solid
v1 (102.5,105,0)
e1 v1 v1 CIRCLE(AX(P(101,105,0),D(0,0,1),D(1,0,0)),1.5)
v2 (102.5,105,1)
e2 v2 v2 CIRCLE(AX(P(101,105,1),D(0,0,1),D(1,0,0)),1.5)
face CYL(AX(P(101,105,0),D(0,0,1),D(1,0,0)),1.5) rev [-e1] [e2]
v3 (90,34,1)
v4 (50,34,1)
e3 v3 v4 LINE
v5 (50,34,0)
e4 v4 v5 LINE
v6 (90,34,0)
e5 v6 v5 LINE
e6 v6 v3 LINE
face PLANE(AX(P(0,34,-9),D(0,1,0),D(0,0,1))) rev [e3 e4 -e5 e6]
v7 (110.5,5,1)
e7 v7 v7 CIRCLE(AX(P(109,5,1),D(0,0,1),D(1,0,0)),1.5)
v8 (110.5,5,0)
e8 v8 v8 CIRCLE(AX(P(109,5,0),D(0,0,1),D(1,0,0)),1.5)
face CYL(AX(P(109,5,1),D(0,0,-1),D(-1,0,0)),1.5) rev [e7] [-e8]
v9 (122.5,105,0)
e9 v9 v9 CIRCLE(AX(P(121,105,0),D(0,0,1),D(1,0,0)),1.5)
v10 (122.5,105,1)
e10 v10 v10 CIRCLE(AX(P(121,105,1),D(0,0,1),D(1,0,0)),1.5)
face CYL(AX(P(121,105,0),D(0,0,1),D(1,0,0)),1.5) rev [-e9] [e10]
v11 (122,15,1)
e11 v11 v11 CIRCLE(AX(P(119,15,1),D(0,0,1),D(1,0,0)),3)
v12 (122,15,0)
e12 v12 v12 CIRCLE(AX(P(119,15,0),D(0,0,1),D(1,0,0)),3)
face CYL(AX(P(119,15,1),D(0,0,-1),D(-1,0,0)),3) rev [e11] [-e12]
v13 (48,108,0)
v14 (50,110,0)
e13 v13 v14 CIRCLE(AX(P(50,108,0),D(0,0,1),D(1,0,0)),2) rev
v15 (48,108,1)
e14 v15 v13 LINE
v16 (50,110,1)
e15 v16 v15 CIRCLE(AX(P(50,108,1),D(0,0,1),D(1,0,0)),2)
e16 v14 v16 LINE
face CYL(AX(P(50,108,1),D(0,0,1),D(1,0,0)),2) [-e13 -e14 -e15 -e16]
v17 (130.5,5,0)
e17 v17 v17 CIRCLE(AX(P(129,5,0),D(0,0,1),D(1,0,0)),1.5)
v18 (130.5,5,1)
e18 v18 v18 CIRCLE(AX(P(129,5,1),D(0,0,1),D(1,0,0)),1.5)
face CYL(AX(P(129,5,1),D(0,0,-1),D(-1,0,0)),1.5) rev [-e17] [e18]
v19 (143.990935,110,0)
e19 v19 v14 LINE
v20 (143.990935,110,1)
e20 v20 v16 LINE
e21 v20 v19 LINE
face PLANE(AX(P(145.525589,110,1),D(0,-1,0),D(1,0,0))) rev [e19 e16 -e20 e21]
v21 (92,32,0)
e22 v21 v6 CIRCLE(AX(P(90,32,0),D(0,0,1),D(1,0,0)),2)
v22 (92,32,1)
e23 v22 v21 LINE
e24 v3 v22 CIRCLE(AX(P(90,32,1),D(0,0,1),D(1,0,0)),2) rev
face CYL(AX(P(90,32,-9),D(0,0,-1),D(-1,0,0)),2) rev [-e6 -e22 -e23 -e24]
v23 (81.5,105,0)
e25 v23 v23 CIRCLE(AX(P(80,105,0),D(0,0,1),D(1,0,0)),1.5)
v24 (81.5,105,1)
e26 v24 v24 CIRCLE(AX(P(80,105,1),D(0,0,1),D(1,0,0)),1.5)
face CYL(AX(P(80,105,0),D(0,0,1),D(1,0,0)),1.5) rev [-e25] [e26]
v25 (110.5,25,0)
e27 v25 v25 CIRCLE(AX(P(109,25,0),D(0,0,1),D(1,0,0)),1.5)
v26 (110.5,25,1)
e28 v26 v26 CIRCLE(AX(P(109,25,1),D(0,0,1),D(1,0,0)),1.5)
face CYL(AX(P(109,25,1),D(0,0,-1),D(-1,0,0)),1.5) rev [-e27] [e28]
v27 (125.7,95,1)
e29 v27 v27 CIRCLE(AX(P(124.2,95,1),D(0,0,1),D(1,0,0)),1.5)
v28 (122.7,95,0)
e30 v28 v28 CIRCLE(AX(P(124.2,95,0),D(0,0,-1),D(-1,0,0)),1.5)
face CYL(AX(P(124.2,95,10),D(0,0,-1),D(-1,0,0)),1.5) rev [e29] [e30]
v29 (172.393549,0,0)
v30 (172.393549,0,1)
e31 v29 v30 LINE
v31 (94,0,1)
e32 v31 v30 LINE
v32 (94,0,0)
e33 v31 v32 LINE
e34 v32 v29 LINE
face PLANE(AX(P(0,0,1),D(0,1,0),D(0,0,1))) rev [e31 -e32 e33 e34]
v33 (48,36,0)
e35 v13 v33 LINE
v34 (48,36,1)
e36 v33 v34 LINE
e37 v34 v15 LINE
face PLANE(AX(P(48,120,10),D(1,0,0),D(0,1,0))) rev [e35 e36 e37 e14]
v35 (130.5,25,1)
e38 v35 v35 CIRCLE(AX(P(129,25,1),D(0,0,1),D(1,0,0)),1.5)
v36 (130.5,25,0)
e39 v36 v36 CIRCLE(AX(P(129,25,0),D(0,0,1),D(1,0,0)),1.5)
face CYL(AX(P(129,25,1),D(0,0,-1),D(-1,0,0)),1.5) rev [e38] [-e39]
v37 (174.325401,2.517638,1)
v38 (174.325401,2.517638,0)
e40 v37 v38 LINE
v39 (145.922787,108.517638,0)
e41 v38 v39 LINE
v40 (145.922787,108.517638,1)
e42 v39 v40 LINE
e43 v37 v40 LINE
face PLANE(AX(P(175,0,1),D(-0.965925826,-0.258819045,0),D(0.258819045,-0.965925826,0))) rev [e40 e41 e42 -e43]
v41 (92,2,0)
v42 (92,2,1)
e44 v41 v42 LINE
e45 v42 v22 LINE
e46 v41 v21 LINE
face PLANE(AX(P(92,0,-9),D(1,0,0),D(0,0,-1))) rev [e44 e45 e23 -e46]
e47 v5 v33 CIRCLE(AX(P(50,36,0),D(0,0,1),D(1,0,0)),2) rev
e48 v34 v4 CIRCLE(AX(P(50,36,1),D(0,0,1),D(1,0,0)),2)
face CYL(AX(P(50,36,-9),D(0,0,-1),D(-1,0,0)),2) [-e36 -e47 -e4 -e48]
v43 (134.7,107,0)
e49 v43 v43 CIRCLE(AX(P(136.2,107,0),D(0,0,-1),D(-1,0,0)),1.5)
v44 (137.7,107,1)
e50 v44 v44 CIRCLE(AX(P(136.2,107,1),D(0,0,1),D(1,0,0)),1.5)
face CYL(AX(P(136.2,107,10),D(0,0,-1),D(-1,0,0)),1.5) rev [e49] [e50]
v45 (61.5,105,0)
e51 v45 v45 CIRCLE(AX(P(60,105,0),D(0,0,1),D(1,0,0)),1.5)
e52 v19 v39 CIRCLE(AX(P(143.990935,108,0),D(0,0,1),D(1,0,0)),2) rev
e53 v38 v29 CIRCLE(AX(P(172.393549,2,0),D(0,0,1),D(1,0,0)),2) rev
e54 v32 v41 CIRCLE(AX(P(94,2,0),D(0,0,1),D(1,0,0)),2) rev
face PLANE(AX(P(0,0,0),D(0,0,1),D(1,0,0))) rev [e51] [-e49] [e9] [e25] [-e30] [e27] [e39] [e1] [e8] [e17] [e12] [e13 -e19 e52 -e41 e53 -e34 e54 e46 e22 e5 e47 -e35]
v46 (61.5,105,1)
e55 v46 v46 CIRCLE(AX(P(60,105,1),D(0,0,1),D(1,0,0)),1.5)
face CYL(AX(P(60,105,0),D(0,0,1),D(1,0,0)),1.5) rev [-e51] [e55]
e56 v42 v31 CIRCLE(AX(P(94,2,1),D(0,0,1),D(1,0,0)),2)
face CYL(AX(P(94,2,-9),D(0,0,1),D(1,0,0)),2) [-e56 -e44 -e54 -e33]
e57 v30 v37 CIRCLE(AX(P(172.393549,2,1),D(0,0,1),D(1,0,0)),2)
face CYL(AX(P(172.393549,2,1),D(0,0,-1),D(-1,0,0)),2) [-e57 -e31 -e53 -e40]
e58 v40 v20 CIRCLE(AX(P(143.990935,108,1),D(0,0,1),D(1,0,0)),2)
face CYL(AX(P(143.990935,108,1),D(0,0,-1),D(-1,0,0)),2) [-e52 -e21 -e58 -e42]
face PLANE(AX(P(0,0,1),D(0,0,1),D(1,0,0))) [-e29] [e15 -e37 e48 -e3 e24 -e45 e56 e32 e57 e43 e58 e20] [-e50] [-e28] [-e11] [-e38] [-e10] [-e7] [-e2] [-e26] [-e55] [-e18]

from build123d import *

# Parameters (mm, degrees)
SKETCH_1_R           = 1.5
SKETCH_1_R_2         = 3
EXTRUDE_1_DEPTH      = 1
SKETCH_4_R           = 1.5
CUT_EXTRUDE_2_DEPTH  = 4
SKETCH_5_R           = 1.5
CUT_EXTRUDE_3_DEPTH  = 10
SKETCH_6_W           = 53
SKETCH_6_H           = 34
CUT_EXTRUDE_4_DEPTH  = 10
SKETCH_7_W           = 39
SKETCH_7_H           = 34
CUT_EXTRUDE_5_DEPTH  = 10
SKETCH_10_R          = 10
CUT_EXTRUDE_8_DEPTH  = 10
SKETCH_13_R          = 1.5
CUT_EXTRUDE_10_DEPTH = 1
FILLET_1_R           = 2
EXTRUDE_START        = -1
SKETCH_20_R          = 10
EXTRUDE_3_DEPTH      = 1
SKETCH_21_W          = 48
SKETCH_21_H          = 86
CUT_EXTRUDE_16_DEPTH = 10
FILLET_5_R           = 2


with BuildPart() as part:
    # 草图1 → 凸台-拉伸1 (new body)
    with BuildSketch(Plane.XY):
        Polygon((0, 0), (175, 0), (145.525588833, 110), (0, 110), align=None)
        with Locations((129, 25)):
            Circle(SKETCH_1_R, mode=Mode.SUBTRACT)
        with Locations((129, 5)):
            Circle(SKETCH_1_R, mode=Mode.SUBTRACT)
        with Locations((119, 15)):
            Circle(SKETCH_1_R_2, mode=Mode.SUBTRACT)
        with Locations((109, 5)):
            Circle(SKETCH_1_R, mode=Mode.SUBTRACT)
        with Locations((109, 25)):
            Circle(SKETCH_1_R, mode=Mode.SUBTRACT)
    extrude(amount=EXTRUDE_1_DEPTH)

    # 草图4 → 切除-拉伸2 (cut)
    with BuildSketch(Plane(origin=(0, 0, 0), x_dir=(-1, 0, 0), z_dir=(0, 0, -1))):
        with Locations((-22, 101)):
            Circle(SKETCH_4_R)
        with Locations((-22, 81)):
            Circle(SKETCH_4_R)
        with Locations((-22, 60)):
            Circle(SKETCH_4_R)
        with Locations((-22, 40)):
            Circle(SKETCH_4_R)
    extrude(amount=-CUT_EXTRUDE_2_DEPTH, mode=Mode.SUBTRACT)

    # 草图5 → 切除-拉伸3 (cut)
    with BuildSketch(Plane(origin=(0, 0, 0), x_dir=(-1, 0, 0), z_dir=(0, 0, -1))):
        with Locations((-136.2, 107)):
            Circle(SKETCH_5_R)
        with Locations((-124.2, 95)):
            Circle(SKETCH_5_R)
    extrude(amount=-CUT_EXTRUDE_3_DEPTH, mode=Mode.SUBTRACT)

    # 草图6 → 切除-拉伸4 (cut)
    with BuildSketch(Plane.XY.offset(1)):
        with Locations((26.5, 17)):
            Rectangle(SKETCH_6_W, SKETCH_6_H)
    extrude(amount=-CUT_EXTRUDE_4_DEPTH, mode=Mode.SUBTRACT)

    # 草图7 → 切除-拉伸5 (cut)
    with BuildSketch(Plane.XY.offset(1)):
        with Locations((72.5, 17)):
            Rectangle(SKETCH_7_W, SKETCH_7_H)
    extrude(amount=-CUT_EXTRUDE_5_DEPTH, mode=Mode.SUBTRACT)

    # 草图10 → 切除-拉伸8 (cut)
    with BuildSketch(Plane.XY.offset(1)):
        with Locations((37, 94)):
            Circle(SKETCH_10_R)
    extrude(amount=-CUT_EXTRUDE_8_DEPTH, mode=Mode.SUBTRACT)

    # 草图13 → 切除-拉伸10 (cut)
    with BuildSketch(Plane.XY.offset(1)):
        with Locations((121, 105)):
            Circle(SKETCH_13_R)
        with Locations((101, 105)):
            Circle(SKETCH_13_R)
        with Locations((80, 105)):
            Circle(SKETCH_13_R)
        with Locations((60, 105)):
            Circle(SKETCH_13_R)
        with Locations((45, 105)):
            Circle(SKETCH_13_R)
        with Locations((25, 105)):
            Circle(SKETCH_13_R)
    extrude(amount=-CUT_EXTRUDE_10_DEPTH, mode=Mode.SUBTRACT)

    # 圆角1
    fillet_1_edges = [part.edges().sort_by_distance(p)[0] for p in [
        (0, 34, 0.5),
        (0, 110, 0.5),
        (145.525588833, 110, 0.5),
        (175, 0, 0.5),
        (92, 34, 0.5),
        (92, 0, 0.5),
    ]]
    fillet(fillet_1_edges, radius=FILLET_1_R)

    # 草图20 → 凸台-拉伸3 (add)
    with BuildSketch(Plane(origin=(0, 0, 0), x_dir=(-1, 0, 0), z_dir=(0, 0, -1)).offset(EXTRUDE_START)):
        with Locations((-37, 94)):
            Circle(SKETCH_20_R)
    extrude(amount=EXTRUDE_3_DEPTH)

    # 草图21 → 切除-拉伸16 (cut)
    with BuildSketch(Plane(origin=(0, 0, 0), x_dir=(-1, 0, 0), z_dir=(0, 0, -1))):
        with Locations((-24, 77)):
            Rectangle(SKETCH_21_W, SKETCH_21_H)
    extrude(amount=-CUT_EXTRUDE_16_DEPTH, mode=Mode.SUBTRACT)

    # 圆角5
    fillet_5_edges = [part.edges().sort_by_distance(p)[0] for p in [
        (48, 34, 0.5),
        (48, 110, 0.5),
    ]]
    fillet(fillet_5_edges, radius=FILLET_5_R)


solid = part.part
